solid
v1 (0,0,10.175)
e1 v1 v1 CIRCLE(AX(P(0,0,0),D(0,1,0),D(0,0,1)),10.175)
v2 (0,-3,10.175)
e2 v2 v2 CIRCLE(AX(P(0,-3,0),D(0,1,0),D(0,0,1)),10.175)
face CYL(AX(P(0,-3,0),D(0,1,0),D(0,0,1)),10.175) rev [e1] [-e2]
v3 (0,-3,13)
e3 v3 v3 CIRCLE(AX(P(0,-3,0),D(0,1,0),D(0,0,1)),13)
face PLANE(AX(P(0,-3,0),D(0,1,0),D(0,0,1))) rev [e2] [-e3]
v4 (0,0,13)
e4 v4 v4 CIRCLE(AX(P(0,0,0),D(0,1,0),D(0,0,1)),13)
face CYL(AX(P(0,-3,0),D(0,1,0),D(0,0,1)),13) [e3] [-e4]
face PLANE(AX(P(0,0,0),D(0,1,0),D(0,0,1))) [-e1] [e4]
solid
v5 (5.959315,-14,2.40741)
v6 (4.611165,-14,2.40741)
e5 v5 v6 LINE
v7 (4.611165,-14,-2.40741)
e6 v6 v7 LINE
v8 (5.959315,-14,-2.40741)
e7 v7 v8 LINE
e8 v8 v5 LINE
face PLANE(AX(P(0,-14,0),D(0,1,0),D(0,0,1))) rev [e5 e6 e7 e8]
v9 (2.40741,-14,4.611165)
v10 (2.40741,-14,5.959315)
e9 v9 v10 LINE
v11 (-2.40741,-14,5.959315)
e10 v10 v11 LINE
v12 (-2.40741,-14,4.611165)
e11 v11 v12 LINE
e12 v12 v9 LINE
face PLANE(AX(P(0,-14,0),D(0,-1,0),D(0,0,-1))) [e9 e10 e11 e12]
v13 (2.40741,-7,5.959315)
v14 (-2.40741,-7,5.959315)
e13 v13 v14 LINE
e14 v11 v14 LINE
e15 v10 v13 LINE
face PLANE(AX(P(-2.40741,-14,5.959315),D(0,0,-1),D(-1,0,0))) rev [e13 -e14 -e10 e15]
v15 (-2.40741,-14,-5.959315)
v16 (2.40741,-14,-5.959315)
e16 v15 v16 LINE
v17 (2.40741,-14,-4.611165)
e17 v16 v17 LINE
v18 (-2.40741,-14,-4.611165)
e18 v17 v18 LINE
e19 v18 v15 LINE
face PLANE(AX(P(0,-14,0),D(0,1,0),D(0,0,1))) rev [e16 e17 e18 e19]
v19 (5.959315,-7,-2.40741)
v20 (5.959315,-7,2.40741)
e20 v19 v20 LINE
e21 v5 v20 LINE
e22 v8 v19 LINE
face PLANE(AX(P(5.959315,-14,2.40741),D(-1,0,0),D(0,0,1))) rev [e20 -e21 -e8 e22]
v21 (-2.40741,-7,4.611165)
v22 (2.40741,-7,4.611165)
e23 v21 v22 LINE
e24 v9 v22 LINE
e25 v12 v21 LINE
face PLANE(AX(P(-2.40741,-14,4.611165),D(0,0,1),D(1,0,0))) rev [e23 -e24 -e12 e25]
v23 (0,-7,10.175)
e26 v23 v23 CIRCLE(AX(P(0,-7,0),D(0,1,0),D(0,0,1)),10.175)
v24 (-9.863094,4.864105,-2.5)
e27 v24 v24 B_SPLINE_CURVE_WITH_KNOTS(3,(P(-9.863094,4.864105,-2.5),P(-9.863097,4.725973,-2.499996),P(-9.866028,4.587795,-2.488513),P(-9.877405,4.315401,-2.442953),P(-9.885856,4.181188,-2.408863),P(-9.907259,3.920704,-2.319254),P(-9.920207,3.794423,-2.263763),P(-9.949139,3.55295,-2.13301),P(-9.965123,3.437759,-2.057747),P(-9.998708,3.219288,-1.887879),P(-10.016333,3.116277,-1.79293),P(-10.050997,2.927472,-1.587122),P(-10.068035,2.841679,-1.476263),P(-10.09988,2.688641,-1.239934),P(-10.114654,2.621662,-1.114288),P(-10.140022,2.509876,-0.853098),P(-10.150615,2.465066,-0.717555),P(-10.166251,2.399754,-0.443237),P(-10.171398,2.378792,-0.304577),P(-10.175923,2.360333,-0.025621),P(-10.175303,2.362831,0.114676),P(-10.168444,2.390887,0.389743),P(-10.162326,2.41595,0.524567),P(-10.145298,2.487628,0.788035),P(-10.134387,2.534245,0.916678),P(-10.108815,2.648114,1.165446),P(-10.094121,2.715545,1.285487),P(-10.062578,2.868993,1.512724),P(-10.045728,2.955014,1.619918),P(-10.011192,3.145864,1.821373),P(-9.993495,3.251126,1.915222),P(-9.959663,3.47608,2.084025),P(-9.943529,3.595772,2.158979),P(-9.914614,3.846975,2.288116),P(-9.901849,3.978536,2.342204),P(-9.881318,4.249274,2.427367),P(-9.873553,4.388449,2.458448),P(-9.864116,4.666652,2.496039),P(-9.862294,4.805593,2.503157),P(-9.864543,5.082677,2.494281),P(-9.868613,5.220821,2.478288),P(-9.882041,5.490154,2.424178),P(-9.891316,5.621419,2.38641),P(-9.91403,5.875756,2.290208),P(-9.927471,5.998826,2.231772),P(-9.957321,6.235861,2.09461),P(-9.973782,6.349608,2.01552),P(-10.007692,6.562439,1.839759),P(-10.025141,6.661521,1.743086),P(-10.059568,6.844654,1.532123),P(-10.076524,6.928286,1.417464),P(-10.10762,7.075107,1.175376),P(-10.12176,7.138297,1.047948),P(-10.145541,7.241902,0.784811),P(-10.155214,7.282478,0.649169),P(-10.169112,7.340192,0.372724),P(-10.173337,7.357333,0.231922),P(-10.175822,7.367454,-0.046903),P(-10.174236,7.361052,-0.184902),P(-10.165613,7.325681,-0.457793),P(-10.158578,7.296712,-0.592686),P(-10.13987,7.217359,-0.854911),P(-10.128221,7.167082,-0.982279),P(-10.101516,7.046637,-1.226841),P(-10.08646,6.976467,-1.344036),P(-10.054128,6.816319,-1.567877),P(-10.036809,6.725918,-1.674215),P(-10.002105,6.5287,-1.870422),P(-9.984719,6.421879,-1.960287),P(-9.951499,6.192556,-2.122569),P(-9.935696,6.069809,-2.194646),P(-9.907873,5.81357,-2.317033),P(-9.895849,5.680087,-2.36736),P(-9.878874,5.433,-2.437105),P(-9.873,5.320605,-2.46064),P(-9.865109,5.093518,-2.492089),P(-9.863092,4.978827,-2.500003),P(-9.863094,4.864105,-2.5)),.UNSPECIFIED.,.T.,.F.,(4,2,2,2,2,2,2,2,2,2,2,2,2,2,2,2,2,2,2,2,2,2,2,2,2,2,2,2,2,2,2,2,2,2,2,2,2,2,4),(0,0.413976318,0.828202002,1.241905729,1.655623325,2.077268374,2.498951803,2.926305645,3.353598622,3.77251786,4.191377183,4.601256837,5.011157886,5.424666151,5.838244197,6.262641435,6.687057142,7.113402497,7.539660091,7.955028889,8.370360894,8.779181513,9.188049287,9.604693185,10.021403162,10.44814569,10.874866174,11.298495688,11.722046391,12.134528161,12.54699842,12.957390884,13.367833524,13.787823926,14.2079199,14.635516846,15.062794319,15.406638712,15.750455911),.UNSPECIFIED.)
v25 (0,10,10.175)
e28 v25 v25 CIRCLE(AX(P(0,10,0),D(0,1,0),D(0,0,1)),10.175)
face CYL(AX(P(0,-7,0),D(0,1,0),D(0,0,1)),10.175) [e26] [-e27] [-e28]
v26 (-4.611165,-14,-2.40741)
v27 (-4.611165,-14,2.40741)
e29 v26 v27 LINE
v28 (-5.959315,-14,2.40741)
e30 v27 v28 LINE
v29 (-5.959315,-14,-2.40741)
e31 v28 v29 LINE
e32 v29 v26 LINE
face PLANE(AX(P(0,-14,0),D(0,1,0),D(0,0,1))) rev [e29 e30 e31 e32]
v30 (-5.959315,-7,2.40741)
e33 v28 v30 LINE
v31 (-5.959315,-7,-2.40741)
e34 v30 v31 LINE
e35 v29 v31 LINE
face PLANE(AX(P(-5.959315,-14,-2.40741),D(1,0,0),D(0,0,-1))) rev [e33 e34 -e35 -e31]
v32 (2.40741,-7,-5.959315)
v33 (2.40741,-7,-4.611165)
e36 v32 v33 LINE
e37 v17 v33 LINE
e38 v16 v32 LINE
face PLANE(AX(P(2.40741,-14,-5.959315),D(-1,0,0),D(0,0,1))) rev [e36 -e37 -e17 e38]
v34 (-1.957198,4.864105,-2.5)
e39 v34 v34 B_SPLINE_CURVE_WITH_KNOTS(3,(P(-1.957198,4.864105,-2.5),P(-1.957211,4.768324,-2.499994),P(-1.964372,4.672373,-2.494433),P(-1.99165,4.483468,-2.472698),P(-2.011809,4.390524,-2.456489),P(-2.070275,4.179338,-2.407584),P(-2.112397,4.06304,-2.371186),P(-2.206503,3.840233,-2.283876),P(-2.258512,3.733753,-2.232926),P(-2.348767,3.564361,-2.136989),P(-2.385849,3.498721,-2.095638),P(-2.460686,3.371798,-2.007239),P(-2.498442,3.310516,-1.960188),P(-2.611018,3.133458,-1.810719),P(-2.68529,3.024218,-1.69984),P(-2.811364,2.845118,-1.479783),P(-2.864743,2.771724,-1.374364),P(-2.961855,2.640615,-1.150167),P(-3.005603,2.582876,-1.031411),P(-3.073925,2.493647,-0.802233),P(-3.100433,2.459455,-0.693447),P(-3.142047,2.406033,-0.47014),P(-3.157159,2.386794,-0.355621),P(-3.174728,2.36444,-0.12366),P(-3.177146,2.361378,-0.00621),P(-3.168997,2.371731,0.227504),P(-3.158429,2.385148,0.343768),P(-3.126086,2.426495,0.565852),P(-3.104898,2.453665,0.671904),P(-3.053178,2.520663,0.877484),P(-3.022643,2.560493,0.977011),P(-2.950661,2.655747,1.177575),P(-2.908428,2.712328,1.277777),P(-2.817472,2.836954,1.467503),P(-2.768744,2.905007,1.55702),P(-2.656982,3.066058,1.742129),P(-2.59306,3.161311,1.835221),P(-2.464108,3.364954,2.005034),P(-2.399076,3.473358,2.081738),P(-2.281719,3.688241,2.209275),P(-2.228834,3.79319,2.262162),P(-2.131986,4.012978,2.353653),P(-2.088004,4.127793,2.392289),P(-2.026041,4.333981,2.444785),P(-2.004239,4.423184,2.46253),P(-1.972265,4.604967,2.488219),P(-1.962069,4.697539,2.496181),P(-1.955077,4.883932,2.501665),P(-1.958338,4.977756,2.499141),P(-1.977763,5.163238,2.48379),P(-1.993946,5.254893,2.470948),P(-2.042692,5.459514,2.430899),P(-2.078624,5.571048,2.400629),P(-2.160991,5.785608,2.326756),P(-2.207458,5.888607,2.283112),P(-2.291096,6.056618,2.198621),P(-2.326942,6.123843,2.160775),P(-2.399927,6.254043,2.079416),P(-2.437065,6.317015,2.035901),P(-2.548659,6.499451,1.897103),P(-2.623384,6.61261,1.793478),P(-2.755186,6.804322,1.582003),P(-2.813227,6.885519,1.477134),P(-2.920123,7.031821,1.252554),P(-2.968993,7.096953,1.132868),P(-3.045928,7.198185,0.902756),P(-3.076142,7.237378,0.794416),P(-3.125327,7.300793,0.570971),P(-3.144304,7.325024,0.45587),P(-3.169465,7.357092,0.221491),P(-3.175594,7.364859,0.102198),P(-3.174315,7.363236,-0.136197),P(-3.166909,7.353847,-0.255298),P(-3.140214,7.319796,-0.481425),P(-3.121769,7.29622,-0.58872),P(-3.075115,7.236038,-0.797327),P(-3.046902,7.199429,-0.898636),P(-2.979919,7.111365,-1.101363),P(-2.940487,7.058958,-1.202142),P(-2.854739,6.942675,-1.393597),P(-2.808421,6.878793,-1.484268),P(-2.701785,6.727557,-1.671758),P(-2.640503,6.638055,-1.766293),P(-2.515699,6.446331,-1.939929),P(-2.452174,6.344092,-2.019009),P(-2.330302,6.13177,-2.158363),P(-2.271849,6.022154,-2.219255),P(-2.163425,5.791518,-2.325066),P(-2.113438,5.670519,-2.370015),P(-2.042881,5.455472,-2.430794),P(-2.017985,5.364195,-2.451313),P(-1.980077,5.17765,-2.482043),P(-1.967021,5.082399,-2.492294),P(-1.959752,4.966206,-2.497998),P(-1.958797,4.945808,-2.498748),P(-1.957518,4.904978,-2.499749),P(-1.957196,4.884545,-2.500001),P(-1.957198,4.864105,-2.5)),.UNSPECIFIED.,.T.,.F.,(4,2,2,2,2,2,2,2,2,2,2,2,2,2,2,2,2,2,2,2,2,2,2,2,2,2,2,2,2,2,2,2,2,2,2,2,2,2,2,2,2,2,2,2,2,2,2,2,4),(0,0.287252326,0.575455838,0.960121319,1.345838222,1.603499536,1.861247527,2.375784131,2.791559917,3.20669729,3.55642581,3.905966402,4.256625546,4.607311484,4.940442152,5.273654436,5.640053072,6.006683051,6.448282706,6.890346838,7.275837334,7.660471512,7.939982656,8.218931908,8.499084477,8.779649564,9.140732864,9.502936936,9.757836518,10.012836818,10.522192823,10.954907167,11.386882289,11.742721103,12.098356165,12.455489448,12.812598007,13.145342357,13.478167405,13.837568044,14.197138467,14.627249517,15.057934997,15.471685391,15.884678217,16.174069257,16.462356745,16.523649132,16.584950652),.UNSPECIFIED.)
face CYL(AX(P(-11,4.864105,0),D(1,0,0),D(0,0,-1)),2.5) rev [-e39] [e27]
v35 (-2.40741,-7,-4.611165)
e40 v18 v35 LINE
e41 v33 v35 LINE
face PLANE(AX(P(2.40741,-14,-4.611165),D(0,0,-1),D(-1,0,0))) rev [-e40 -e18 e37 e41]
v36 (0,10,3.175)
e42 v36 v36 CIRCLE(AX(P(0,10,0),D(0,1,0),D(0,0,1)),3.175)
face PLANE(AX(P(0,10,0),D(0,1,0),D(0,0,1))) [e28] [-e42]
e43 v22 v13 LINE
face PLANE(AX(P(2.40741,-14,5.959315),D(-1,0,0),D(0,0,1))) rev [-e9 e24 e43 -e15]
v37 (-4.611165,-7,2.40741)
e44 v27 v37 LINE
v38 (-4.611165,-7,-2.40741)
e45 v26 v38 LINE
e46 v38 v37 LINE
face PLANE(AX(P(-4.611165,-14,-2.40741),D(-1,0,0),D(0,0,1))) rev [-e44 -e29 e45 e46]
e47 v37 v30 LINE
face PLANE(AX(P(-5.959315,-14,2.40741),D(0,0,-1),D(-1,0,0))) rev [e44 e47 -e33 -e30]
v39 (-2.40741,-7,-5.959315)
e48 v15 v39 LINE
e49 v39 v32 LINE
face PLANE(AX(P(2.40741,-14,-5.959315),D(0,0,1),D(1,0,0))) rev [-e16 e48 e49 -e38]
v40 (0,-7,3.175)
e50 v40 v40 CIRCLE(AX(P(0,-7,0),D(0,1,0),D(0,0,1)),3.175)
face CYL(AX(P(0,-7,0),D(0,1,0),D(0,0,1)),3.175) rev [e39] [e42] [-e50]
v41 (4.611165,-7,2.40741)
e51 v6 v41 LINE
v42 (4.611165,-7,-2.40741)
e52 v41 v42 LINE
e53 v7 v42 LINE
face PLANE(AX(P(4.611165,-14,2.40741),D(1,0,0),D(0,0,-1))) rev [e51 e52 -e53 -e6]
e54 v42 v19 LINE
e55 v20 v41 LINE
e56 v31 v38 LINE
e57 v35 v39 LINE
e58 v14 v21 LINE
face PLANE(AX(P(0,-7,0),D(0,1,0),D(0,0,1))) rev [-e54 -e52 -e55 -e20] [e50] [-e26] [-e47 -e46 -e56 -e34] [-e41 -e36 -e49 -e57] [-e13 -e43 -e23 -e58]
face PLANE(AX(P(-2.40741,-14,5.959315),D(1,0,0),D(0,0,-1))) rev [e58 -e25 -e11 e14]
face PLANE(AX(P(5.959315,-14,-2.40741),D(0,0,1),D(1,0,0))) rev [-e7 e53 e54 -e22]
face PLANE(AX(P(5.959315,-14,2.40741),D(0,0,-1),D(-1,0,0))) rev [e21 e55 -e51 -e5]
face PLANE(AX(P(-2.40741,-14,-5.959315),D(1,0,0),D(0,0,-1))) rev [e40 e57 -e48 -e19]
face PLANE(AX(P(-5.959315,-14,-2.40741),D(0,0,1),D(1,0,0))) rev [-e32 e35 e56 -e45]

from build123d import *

# Parameters (mm, degrees)
BOSS_EXTRUDE1_DEPTH      = 10
BOSS_EXTRUDE1_DEPTH_BACK = 7
SKETCH1_R                = 10.175
SKETCH1_R_2              = 3.175
SKETCH1_3_R              = 13
SKETCH1_3_R_2            = 10.175
BOSS_EXTRUDE2_DEPTH      = 3
SKETCH2_R                = 2.5
CUT_EXTRUDE1_DEPTH       = 11
SKETCH3_W                = 1.348149628
SKETCH3_H                = 4.814820098
SKETCH3_W_2              = 4.814820098
SKETCH3_H_2              = 1.348149628
BOSS_EXTRUDE3_DEPTH      = 7


with BuildPart() as part:
    # Sketch1 → Boss-Extrude1 (new, two sides: drawn at the far end of the back side and taken through both)
    with BuildSketch(Plane(origin=(0, 0, 0), x_dir=(1, 0, 0), z_dir=(0, 1, 0)).offset(-BOSS_EXTRUDE1_DEPTH_BACK)):
        Circle(SKETCH1_R)
        Circle(SKETCH1_R_2, mode=Mode.SUBTRACT)
    extrude(amount=BOSS_EXTRUDE1_DEPTH + BOSS_EXTRUDE1_DEPTH_BACK)

    # Sketch2 → Cut-Extrude1 (cut)
    with BuildSketch(Plane(origin=(0, 0, 0), x_dir=(0, 0, -1), z_dir=(1, 0, 0))):
        with Locations((0, 4.864105039)):
            Circle(SKETCH2_R)
    extrude(amount=-CUT_EXTRUDE1_DEPTH, mode=Mode.SUBTRACT)

    # Sketch3 → Boss-Extrude3 (add)
    with BuildSketch(Plane.XZ.offset(7)):
        with Locations((5.285239769, 0)):
            Rectangle(SKETCH3_W, SKETCH3_H)
        with Locations((0, 5.285239769)):
            Rectangle(SKETCH3_W_2, SKETCH3_H_2)
        with Locations((0, -5.285239769)):
            Rectangle(SKETCH3_W_2, SKETCH3_H_2)
        with Locations((-5.285239769, 0)):
            Rectangle(SKETCH3_W, SKETCH3_H)
    extrude(amount=BOSS_EXTRUDE3_DEPTH)


with BuildPart() as body_2:
    # Sketch1<3> → Boss-Extrude2 (new body)
    with BuildSketch(Plane(origin=(0, 0, 0), x_dir=(1, 0, 0), z_dir=(0, 1, 0))):
        Circle(SKETCH1_3_R)
        Circle(SKETCH1_3_R_2, mode=Mode.SUBTRACT)
    extrude(amount=-BOSS_EXTRUDE2_DEPTH)


solid = Compound([part.part, body_2.part])
